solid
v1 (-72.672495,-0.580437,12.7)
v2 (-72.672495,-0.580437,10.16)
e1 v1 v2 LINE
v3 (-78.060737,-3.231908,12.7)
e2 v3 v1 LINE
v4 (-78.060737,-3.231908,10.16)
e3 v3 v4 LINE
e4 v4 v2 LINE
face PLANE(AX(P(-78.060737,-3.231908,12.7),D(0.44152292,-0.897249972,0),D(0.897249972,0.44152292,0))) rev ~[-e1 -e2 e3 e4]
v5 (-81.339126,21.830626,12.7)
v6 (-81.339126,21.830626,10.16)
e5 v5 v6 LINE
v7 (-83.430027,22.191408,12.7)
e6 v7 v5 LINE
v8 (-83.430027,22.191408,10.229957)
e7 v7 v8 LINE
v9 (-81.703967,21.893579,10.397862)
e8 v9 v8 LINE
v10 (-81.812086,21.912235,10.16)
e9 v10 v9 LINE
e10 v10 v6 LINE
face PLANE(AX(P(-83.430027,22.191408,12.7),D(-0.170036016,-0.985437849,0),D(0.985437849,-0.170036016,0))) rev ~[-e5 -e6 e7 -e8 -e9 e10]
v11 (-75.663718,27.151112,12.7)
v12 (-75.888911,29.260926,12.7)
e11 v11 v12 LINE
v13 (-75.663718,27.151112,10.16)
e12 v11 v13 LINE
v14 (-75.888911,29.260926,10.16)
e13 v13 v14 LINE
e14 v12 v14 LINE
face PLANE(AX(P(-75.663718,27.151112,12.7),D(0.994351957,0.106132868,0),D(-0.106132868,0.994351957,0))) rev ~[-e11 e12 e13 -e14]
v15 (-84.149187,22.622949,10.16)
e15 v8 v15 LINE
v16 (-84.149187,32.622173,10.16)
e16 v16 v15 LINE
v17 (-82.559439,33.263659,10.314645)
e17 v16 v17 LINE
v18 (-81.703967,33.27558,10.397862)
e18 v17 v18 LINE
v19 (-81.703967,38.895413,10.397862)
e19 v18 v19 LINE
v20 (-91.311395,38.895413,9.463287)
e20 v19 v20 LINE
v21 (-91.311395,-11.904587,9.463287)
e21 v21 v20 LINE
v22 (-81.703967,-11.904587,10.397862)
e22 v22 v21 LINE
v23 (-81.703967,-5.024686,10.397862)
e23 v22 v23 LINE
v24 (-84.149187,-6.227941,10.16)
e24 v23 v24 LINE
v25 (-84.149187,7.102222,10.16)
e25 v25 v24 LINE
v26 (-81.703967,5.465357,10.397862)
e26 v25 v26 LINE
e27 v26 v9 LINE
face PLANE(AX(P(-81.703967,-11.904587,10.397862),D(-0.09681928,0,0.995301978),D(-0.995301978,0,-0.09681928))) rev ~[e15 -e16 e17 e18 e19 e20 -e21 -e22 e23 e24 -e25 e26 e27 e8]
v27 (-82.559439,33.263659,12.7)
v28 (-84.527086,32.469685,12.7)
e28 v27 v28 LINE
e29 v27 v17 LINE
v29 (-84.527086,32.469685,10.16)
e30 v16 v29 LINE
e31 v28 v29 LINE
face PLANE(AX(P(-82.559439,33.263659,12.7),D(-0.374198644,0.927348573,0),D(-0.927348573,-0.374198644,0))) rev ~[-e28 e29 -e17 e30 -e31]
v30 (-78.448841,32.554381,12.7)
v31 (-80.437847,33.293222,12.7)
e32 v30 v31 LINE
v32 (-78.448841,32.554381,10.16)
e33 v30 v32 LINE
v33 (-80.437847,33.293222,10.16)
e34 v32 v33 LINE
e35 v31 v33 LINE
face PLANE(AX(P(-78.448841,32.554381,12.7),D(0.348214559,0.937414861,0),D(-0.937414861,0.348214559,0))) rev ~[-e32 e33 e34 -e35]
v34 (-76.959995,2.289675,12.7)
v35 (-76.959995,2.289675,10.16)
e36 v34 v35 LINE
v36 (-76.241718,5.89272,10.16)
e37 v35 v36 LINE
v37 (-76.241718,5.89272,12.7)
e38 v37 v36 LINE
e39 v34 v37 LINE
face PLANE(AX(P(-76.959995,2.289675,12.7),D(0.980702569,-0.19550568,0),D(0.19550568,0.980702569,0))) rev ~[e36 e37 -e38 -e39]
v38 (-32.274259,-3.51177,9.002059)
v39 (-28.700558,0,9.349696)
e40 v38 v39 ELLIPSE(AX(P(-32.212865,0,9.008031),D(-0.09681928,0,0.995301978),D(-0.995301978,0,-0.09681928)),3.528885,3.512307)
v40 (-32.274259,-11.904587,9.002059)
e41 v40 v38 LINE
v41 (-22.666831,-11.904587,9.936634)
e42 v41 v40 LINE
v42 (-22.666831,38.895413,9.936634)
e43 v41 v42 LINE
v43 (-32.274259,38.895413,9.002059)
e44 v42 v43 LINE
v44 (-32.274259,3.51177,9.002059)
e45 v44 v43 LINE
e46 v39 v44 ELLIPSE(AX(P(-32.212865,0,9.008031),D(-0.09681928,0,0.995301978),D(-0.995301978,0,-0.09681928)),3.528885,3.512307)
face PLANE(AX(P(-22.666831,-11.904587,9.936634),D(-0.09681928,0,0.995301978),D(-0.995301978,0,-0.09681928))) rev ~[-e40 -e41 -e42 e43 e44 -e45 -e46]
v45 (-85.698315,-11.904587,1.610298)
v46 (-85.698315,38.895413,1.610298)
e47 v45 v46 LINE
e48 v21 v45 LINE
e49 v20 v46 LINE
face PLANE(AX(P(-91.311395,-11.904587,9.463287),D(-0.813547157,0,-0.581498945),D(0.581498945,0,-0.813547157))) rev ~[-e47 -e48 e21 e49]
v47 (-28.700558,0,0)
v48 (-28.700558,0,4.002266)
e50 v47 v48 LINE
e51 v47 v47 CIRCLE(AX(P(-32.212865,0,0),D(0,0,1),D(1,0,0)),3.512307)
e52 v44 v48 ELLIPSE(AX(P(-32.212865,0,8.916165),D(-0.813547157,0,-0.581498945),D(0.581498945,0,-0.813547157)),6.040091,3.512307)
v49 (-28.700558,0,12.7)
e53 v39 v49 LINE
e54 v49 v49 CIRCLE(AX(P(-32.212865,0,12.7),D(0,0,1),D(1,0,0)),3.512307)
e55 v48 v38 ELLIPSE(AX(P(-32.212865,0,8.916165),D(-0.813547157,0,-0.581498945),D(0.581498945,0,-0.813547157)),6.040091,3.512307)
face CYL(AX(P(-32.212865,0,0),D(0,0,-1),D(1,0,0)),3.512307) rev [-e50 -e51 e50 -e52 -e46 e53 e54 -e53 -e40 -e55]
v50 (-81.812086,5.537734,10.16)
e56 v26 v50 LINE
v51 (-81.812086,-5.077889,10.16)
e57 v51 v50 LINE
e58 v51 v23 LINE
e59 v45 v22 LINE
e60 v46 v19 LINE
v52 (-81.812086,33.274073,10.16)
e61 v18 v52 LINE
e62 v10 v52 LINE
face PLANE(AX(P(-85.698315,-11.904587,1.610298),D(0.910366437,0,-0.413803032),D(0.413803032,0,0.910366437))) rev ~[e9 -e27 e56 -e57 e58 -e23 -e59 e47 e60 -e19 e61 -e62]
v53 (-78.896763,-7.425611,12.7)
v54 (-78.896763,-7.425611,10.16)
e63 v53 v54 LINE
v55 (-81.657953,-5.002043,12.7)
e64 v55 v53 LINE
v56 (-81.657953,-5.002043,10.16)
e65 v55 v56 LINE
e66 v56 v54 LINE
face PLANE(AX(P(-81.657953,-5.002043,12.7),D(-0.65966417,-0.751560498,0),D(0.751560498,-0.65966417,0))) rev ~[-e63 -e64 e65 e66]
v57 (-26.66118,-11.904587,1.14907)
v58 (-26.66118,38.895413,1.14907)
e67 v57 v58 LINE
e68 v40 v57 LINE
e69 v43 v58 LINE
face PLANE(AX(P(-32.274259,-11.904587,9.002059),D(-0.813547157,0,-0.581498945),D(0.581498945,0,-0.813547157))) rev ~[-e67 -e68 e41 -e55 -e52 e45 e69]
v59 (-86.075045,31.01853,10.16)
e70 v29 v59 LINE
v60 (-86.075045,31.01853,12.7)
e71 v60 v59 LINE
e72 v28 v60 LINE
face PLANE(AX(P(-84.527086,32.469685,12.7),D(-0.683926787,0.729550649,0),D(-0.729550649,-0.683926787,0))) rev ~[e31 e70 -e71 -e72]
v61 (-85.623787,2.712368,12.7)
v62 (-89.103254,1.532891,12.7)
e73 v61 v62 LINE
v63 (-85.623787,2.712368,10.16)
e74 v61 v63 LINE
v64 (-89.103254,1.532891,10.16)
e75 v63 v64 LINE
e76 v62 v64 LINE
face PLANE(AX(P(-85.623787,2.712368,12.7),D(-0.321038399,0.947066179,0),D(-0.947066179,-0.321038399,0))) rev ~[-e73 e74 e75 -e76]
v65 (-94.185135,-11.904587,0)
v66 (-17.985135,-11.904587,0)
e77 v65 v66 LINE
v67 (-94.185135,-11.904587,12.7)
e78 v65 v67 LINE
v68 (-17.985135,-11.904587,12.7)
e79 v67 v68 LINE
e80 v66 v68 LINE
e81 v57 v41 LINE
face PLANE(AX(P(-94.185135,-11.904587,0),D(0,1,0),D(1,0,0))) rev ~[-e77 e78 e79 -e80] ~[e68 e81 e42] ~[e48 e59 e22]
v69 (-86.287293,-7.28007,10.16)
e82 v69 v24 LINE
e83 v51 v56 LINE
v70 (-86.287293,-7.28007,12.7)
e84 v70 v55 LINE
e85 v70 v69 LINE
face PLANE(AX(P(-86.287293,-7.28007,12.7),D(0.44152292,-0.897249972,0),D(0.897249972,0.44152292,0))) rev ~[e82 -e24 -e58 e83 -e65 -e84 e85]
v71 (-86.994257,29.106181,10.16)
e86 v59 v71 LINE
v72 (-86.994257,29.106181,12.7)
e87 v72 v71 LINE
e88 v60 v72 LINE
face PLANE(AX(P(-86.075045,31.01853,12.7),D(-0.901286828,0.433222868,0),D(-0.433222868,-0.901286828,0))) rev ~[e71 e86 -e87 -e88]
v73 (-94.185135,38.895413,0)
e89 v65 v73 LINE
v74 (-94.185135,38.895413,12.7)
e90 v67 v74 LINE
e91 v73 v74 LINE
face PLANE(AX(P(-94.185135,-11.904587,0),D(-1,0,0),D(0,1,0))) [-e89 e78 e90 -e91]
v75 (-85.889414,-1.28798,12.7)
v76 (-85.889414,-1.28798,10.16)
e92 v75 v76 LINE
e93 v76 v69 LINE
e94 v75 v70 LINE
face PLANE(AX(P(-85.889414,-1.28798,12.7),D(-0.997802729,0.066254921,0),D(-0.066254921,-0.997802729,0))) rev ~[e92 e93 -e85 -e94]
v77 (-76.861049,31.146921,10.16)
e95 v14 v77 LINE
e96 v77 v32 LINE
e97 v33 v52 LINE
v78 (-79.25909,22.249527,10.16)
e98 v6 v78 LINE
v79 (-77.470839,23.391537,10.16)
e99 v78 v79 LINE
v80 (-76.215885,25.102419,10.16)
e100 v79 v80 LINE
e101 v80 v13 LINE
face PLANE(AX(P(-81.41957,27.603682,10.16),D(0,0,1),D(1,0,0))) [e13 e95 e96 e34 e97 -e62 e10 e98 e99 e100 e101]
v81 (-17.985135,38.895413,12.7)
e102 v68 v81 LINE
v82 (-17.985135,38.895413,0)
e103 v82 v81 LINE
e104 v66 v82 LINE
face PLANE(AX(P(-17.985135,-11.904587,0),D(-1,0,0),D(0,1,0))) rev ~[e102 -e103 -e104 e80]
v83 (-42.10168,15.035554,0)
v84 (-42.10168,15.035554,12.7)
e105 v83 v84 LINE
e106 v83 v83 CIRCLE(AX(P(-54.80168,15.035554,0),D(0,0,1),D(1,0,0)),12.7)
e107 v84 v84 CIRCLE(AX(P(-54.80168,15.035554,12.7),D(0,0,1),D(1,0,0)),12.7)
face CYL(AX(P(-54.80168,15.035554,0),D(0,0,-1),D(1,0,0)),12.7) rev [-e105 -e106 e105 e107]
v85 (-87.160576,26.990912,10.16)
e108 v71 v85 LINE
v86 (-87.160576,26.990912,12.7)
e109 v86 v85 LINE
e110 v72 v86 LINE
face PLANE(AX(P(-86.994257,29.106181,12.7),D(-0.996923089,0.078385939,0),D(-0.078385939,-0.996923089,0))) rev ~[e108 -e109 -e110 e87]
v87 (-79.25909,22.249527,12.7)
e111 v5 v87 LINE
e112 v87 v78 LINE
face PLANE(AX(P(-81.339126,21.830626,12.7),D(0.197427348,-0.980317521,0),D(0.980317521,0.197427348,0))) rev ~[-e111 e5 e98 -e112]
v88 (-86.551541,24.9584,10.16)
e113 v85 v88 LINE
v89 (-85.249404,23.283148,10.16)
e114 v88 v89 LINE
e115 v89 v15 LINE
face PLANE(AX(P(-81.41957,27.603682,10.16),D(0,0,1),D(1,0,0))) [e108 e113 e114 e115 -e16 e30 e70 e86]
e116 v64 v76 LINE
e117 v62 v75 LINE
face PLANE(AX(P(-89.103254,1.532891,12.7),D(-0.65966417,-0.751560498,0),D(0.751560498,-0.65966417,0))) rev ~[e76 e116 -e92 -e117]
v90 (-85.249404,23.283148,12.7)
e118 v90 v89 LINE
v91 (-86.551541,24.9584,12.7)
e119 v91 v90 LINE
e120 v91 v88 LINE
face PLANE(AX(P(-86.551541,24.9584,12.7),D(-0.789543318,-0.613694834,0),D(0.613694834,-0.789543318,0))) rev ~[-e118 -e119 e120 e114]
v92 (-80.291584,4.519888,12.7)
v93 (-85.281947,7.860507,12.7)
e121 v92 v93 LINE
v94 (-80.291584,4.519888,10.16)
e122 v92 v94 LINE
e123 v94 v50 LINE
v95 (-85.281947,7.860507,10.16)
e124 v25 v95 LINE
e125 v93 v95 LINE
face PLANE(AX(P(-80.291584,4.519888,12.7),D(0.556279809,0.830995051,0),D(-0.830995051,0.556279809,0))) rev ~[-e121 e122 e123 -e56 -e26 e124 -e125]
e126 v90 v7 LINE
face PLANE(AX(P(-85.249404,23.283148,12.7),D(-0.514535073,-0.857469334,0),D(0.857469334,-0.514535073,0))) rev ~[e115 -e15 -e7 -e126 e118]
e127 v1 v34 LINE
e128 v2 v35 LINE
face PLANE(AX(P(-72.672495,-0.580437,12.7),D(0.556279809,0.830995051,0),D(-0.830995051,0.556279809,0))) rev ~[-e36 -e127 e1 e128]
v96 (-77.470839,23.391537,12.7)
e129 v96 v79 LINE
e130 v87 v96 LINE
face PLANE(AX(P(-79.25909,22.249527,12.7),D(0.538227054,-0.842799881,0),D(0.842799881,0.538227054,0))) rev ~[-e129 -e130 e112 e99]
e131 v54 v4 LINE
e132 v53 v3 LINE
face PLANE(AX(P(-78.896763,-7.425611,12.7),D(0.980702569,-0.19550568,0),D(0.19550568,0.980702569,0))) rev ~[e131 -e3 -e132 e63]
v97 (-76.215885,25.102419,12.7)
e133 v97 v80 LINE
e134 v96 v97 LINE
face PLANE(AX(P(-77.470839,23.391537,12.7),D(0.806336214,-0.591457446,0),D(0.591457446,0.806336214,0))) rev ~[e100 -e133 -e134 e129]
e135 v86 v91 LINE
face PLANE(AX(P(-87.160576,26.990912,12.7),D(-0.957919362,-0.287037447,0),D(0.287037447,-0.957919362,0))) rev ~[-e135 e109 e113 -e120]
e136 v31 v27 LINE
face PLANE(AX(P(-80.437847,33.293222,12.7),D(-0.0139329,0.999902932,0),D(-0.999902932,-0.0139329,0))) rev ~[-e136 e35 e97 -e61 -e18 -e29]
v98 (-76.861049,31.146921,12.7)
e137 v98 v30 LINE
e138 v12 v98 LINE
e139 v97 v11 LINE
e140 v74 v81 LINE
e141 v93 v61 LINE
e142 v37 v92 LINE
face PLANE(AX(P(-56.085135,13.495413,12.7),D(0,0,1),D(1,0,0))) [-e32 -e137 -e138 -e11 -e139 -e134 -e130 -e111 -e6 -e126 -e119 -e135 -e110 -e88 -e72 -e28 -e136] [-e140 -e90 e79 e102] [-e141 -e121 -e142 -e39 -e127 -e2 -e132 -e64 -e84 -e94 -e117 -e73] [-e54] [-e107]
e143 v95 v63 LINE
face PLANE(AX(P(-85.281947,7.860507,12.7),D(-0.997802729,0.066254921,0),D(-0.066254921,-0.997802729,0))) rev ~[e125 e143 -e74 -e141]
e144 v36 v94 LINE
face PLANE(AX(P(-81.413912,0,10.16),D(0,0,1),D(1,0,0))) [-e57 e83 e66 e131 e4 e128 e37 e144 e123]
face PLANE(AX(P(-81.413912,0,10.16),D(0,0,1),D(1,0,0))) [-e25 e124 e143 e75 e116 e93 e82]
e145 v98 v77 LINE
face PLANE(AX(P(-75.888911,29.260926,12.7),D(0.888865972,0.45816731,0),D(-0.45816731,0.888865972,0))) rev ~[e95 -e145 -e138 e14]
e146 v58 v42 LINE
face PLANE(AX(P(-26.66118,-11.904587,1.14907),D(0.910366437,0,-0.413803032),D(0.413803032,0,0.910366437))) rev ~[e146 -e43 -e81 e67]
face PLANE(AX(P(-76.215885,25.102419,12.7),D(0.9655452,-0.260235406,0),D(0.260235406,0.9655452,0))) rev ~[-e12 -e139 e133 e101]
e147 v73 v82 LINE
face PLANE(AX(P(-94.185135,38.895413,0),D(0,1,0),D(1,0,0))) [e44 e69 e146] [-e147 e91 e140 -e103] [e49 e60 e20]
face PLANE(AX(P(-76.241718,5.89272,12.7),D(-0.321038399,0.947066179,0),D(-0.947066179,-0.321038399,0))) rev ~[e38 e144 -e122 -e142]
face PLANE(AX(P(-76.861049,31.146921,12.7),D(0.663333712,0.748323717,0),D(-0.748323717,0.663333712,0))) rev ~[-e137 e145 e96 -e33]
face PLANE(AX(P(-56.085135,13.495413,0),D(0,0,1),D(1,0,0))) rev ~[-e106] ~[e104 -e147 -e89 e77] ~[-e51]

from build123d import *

# Parameters (mm, degrees)
F0_W     = 76.2
F0_H     = 50.8
F0_R     = 3.5123065567
F0_R_2   = 12.7
F1_DEPTH = 12.7
F3_DEPTH = 2.54
F5_DEPTH = 50.8


with BuildPart() as f1:
    # F0 (on Top) → F1 (new body)
    with BuildSketch(Plane.XY):
        with Locations((-56.0851351521, 13.4954131208)):
            Rectangle(F0_W, F0_H)
        with Locations((-32.2128646076, 0)):
            Circle(F0_R, mode=Mode.SUBTRACT)
        with Locations((-54.8016801476, 15.0355538353)):
            Circle(F0_R_2, mode=Mode.SUBTRACT)
    extrude(amount=F1_DEPTH)

    # F2 (on face) → F3 (cut)
    with BuildSketch(Plane.XY.offset(12.7)):
        Polygon((-76.9599948415, 2.2896753244), (-80.2915843955, 4.5198883678), (-85.6237872068, 2.7123675299), (-85.8894135812, -1.2879801805), (-81.6579532121, -5.0020428543), (-78.0607372837, -3.2319081873), align=None)
        Polygon((-80.2915843955, 4.5198883678), (-85.281946506, 7.8605071594), (-85.6237872068, 2.7123675299), align=None)
        Polygon((-76.2417182173, 5.8927201535), (-80.2915843955, 4.5198883678), (-76.9599948415, 2.2896753244), align=None)
        Polygon((-72.6724954905, -0.5804372213), (-76.9599948415, 2.2896753244), (-78.0607372837, -3.2319081873), align=None)
        Polygon((-78.8967631712, -7.4256110723), (-78.0607372837, -3.2319081873), (-81.6579532121, -5.0020428543), align=None)
        Polygon((-81.6579532121, -5.0020428543), (-85.8894135812, -1.2879801805), (-86.2872932638, -7.2800699381), align=None)
        Polygon((-85.8894135812, -1.2879801805), (-85.6237872068, 2.7123675299), (-89.1032538719, 1.5328909188), align=None)
        Polygon((-84.5270859868, 32.4696852051), (-86.0750453988, 31.0185304322), (-86.9942569946, 29.1061814688), (-87.1605761549, 26.990911639), (-86.5515405552, 24.9583998544), (-85.2494038283, 23.2831480942), (-83.4300267543, 22.1914083914), (-81.3391262888, 21.8306262424), (-79.2590901256, 22.2495272756), (-77.4708386744, 23.3915365852), (-76.2158852028, 25.102419486), (-75.6637181311, 27.1511117617), (-75.8889106819, 29.2609261685), (-76.8610493535, 31.1469205797), (-78.4488414314, 32.5543809995), (-80.4378467972, 33.2932220992), (-82.5594392549, 33.2636592941), align=None)
    extrude(amount=-F3_DEPTH, mode=Mode.SUBTRACT)

    # F4 (on face) → F5 (cut)
    with BuildSketch(Plane.XZ.offset(11.9045868792)):
        Polygon((-26.6611795004, 1.1490697949), (-22.6668310289, 9.9366341741), (-32.2742592543, 9.0020592324), align=None)
        Polygon((-85.6983154144, 1.6102975211), (-81.7039669428, 10.3978619002), (-91.3113951683, 9.4632869586), align=None)
    extrude(amount=-F5_DEPTH, mode=Mode.SUBTRACT)


solid = f1.part
